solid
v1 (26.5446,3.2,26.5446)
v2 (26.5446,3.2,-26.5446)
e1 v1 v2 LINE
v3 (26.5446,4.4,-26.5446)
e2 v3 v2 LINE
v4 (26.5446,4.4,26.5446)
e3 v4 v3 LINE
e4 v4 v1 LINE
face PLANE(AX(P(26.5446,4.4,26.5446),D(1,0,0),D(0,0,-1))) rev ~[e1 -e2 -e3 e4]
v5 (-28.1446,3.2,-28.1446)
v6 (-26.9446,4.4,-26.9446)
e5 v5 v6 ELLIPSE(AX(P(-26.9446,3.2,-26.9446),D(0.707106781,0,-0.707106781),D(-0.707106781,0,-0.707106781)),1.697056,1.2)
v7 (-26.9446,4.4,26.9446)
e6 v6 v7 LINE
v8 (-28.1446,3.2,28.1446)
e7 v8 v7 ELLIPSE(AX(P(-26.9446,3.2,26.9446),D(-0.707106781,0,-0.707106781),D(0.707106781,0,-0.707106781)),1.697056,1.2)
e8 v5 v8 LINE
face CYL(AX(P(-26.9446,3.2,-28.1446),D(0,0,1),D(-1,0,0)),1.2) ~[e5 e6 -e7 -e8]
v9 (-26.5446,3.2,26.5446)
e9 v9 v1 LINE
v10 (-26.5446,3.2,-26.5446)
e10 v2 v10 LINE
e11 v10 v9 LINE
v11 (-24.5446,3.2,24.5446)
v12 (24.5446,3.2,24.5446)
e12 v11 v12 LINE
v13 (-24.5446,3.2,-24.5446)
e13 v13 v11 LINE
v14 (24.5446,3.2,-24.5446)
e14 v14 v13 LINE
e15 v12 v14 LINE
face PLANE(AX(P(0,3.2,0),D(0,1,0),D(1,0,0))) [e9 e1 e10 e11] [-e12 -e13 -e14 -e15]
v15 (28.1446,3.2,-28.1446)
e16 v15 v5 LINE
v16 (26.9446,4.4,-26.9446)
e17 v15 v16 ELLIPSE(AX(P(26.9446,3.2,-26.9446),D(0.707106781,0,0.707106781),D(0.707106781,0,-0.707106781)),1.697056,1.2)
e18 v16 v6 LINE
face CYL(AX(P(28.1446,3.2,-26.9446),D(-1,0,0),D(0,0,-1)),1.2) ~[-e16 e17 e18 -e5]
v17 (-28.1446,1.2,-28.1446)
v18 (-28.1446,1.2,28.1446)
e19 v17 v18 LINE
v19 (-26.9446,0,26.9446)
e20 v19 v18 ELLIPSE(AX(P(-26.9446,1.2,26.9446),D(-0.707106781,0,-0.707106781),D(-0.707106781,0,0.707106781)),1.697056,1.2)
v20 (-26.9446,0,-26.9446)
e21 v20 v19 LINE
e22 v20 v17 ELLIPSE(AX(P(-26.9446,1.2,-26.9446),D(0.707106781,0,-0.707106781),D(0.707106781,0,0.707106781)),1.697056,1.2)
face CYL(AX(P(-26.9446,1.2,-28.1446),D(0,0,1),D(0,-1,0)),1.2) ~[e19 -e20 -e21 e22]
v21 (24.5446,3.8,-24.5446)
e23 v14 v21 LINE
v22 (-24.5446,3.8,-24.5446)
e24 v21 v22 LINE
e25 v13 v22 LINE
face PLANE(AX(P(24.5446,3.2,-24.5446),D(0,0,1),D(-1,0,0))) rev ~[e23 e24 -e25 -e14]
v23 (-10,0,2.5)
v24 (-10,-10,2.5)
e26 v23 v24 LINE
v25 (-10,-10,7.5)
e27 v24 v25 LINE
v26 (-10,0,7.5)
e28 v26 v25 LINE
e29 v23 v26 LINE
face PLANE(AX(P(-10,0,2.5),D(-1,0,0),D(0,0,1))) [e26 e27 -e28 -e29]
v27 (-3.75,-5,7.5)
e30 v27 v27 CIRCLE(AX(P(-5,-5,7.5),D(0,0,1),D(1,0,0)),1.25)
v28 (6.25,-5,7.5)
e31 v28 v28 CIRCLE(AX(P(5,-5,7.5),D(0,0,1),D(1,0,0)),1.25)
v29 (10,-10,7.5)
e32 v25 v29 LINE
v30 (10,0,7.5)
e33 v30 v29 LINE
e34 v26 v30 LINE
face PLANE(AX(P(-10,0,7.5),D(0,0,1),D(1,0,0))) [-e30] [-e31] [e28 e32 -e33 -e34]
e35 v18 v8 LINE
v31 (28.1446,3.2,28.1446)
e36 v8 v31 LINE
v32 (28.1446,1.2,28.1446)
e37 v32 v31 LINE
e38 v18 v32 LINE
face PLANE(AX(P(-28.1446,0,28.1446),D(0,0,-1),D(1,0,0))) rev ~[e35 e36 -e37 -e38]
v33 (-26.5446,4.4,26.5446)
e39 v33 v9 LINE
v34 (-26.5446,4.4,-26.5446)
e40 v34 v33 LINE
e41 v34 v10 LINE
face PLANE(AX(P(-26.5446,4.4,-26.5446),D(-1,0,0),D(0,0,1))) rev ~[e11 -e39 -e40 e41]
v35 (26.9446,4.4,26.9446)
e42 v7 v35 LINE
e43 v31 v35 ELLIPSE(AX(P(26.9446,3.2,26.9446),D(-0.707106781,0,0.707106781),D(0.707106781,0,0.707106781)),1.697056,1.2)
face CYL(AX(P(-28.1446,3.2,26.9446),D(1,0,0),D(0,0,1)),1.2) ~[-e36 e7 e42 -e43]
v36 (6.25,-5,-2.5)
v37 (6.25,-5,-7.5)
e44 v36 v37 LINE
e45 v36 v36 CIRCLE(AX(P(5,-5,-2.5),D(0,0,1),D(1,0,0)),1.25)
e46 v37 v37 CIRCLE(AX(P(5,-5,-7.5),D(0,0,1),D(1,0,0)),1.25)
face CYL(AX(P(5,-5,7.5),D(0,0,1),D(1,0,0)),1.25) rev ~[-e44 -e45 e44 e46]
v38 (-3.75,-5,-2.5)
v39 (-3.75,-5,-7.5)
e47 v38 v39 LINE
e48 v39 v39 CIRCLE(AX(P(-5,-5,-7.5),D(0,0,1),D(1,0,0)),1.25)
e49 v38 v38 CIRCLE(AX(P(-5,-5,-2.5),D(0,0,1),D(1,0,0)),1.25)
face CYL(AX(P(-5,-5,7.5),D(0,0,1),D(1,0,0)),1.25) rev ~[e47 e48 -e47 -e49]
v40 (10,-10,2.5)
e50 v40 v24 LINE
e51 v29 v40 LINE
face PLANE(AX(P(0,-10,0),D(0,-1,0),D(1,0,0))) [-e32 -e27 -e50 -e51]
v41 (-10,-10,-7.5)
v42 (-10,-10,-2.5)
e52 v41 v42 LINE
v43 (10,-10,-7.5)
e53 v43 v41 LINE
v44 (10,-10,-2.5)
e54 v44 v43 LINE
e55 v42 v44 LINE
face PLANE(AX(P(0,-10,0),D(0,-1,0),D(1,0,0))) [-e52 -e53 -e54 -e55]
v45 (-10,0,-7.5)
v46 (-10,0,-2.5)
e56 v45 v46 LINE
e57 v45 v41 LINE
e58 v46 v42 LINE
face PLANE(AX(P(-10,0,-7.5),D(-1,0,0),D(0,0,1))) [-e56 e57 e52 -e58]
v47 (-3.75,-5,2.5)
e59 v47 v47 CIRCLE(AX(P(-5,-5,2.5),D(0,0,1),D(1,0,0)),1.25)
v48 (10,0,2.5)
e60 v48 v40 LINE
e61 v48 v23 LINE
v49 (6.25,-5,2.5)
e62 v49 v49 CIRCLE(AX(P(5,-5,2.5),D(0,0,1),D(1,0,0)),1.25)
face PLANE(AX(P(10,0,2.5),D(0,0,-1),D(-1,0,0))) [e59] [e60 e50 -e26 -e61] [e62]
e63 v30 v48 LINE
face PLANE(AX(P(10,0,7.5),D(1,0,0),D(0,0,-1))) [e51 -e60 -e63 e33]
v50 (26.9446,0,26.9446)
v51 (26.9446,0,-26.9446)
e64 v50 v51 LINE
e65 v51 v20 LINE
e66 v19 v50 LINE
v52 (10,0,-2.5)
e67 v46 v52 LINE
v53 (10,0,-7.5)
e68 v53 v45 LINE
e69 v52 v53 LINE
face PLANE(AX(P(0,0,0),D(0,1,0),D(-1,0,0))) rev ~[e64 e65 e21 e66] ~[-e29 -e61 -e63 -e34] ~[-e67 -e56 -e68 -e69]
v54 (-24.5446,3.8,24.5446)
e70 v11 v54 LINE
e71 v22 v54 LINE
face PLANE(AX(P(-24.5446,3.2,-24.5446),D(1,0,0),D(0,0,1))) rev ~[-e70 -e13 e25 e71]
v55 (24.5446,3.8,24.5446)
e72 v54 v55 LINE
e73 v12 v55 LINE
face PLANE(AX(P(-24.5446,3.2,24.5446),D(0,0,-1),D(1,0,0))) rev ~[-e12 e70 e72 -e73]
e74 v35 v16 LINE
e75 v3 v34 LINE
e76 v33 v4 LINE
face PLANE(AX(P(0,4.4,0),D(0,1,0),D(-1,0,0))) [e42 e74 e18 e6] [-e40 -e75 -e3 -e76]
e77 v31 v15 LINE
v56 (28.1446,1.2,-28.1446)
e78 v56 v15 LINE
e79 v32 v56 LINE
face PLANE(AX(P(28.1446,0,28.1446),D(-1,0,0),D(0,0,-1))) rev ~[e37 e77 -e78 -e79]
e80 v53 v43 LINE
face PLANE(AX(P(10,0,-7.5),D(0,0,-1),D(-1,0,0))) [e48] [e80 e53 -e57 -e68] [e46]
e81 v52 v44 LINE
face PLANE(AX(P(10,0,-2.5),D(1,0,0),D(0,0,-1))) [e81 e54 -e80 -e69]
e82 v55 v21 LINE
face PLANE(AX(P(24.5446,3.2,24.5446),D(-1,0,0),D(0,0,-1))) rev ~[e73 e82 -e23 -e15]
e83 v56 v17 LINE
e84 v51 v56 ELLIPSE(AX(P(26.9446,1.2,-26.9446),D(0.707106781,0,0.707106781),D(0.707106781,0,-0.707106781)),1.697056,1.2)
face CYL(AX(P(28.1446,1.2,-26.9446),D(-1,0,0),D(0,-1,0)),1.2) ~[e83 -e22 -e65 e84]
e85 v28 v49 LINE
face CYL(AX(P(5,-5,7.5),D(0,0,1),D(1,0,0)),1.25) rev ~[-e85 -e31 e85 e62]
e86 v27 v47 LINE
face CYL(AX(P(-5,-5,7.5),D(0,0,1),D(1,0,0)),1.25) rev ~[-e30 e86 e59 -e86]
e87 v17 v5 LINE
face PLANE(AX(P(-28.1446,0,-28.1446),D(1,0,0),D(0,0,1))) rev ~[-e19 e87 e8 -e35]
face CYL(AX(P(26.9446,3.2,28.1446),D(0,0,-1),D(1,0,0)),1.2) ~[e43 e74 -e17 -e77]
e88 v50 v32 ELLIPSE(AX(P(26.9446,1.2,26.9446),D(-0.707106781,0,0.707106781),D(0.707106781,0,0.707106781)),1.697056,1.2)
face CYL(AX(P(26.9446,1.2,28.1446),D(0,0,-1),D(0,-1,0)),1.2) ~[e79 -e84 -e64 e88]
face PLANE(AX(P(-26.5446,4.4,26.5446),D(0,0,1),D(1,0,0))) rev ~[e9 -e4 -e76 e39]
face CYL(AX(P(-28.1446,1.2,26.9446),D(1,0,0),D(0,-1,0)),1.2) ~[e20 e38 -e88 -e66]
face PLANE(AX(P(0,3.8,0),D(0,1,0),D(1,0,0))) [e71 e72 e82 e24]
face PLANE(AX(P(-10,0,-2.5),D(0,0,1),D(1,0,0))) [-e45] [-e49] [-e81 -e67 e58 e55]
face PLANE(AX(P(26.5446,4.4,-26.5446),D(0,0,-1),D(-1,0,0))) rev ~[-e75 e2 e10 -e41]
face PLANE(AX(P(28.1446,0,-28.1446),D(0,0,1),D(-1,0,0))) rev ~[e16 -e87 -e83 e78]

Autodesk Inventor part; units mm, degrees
ref_plane "YZ Plane" through (0, 0, 0) normal (1, 0, 0) x (0, 1, 0)
ref_plane "XZ Plane" through (0, 0, 0) normal (0, 1, 0) x (-1, 0, 0)
ref_plane "XY Plane" through (0, 0, 0) normal (0, 0, 1) x (1, 0, 0)
sketch "스케치1" plane through (0, 0, 0) normal (0, 1, 0) x (-1, 0, 0)
  line L0 (-24.9446, -24.9446) -> (24.9446, -24.9446)
  line L1 (24.9446, -24.9446) -> (24.9446, 24.9446)
  line L2 (24.9446, 24.9446) -> (-24.9446, 24.9446)
  line L3 (-24.9446, 24.9446) -> (-24.9446, -24.9446)
  line L4 (-24.9446, -24.9446) -> (24.9446, 24.9446) construction
  line L5 (24.9446, -24.9446) -> (-24.9446, 24.9446) construction
  line L6 (-28.1446, -28.1446) -> (28.1446, -28.1446)
  line L7 (28.1446, -28.1446) -> (28.1446, 28.1446)
  line L8 (28.1446, 28.1446) -> (-28.1446, 28.1446)
  line L9 (-28.1446, 28.1446) -> (-28.1446, -28.1446)
  line L10 (-28.1446, -28.1446) -> (28.1446, 28.1446) construction
  line L11 (28.1446, -28.1446) -> (-28.1446, 28.1446) construction
  point P0 (0, 0)
  dimension "d0" = 70.554
  dimension "d1" = 3.2
extrude "돌출1" add sketch "스케치1" along normal blind 4.4 contours L3 L2 L1 L0 | L9 L8 L7 L6
sketch "스케치2" plane through (0, 4.4, 0) normal (0, 1, 0) x (1, 0, 0)
  line L0 (-28.1446, 28.1446) -> (-28.1446, -28.1446) projected
  line L1 (-28.1446, -28.1446) -> (28.1446, -28.1446) projected
  line L2 (28.1446, -28.1446) -> (28.1446, 28.1446) projected
  line L3 (28.1446, 28.1446) -> (-28.1446, 28.1446) projected
  line L4 (26.5446, 26.5446) -> (-26.5446, 26.5446)
  line L5 (-26.5446, 26.5446) -> (-26.5446, -26.5446)
  line L6 (-26.5446, -26.5446) -> (26.5446, -26.5446)
  line L7 (26.5446, -26.5446) -> (26.5446, 26.5446)
  line L8 (26.5446, 26.5446) -> (-26.5446, -26.5446) construction
  line L9 (-26.5446, 26.5446) -> (26.5446, -26.5446) construction
  line L10 (24.5446, 24.5446) -> (-24.5446, 24.5446)
  line L11 (-24.5446, 24.5446) -> (-24.5446, -24.5446)
  line L12 (-24.5446, -24.5446) -> (24.5446, -24.5446)
  line L13 (24.5446, -24.5446) -> (24.5446, 24.5446)
  line L14 (24.5446, 24.5446) -> (-24.5446, -24.5446) construction
  line L15 (-24.5446, 24.5446) -> (24.5446, -24.5446) construction
  point P0 (0, 0)
  point P1 (0, 28.1446)
  point P2 (-28.1446, 0)
  dimension "d4" = 1.6
  dimension "d5" = 2
extrude "돌출2" cut sketch "스케치2" against normal blind 1.2 contours L7 L6 L5 L4 | L13 L12 L11 L10
sketch "스케치3" plane through (0, 3.2, 0) normal (0, 1, 0) x (1, 0, 0)
  line L0 (24.5446, 24.5446) -> (-24.5446, 24.5446)
  line L1 (-24.5446, 24.5446) -> (-24.5446, -24.5446)
  line L2 (-24.5446, -24.5446) -> (24.5446, -24.5446)
  line L3 (24.5446, -24.5446) -> (24.5446, 24.5446)
  line L4 (24.5446, 24.5446) -> (-24.5446, -24.5446) construction
  line L5 (-24.5446, 24.5446) -> (24.5446, -24.5446) construction
  line L6 (-26.5446, -26.5446) -> (-26.5446, 26.5446) projected
  point P0 (0, 0)
  dimension "d8" = 2
extrude "돌출3" add sketch "스케치3" along normal blind 0.6
sketch "스케치4" plane through (0, 0, 0) normal (0, -1, 0) x (1, 0, 0)
  line L0 (-10, 7.5) -> (10, 7.5)
  line L1 (10, 7.5) -> (10, 2.5)
  line L2 (10, 2.5) -> (-10, 2.5)
  line L3 (-10, 2.5) -> (-10, 7.5)
  line L4 (-10, 7.5) -> (10, 2.5) construction
  line L5 (10, 7.5) -> (-10, 2.5) construction
  line L6 (-10, -2.5) -> (10, -2.5)
  line L7 (10, -2.5) -> (10, -7.5)
  line L8 (10, -7.5) -> (-10, -7.5)
  line L9 (-10, -7.5) -> (-10, -2.5)
  line L10 (-10, -2.5) -> (10, -7.5) construction
  line L11 (10, -2.5) -> (-10, -7.5) construction
  point P0 (0, 0)
  point P1 (0, 5)
  point P2 (0, -5)
  dimension "d11" = 5
  dimension "d12" = 5
  dimension "d13" = 20
  dimension "d14" = 20
  dimension "d15" = 5
  dimension "d16" = 2.5
extrude "돌출4" add sketch "스케치4" along normal blind 10
sketch "스케치5" plane through (-10, 0, 7.5) normal (0, 0, 1) x (1, 0, 0)
  circle A0 centre (15, -5) radius 1.25
  circle A1 centre (5, -5) radius 1.25
  line L0 (-18.1446, 0) -> (38.1446, 0) projected
  line L1 (0, 0) -> (0, -10) projected
  point P0 (10, 0)
  dimension "d19" = 2.5
  dimension "d20" = 2.5
  dimension "d21" = 10
  dimension "d22" = 5
  dimension "d23" = 5
extrude "돌출5" cut sketch "스케치5" against normal up to surface (15 mm away)
fillet "모깎기1" radius 1.2 8 edges at (0, 4.4, 28.1446) (28.1446, 4.4, 0) (0, 4.4, -28.1446) (-28.1446, 4.4, 0) (-28.1446, 0, 0) (0, 0, 28.1446) (28.1446, 0, 0) (0, 0, -28.1446)
equation "\"d16\" = 0.5 * d15"
properties part number "OV-PAM_n_4_bottom"
